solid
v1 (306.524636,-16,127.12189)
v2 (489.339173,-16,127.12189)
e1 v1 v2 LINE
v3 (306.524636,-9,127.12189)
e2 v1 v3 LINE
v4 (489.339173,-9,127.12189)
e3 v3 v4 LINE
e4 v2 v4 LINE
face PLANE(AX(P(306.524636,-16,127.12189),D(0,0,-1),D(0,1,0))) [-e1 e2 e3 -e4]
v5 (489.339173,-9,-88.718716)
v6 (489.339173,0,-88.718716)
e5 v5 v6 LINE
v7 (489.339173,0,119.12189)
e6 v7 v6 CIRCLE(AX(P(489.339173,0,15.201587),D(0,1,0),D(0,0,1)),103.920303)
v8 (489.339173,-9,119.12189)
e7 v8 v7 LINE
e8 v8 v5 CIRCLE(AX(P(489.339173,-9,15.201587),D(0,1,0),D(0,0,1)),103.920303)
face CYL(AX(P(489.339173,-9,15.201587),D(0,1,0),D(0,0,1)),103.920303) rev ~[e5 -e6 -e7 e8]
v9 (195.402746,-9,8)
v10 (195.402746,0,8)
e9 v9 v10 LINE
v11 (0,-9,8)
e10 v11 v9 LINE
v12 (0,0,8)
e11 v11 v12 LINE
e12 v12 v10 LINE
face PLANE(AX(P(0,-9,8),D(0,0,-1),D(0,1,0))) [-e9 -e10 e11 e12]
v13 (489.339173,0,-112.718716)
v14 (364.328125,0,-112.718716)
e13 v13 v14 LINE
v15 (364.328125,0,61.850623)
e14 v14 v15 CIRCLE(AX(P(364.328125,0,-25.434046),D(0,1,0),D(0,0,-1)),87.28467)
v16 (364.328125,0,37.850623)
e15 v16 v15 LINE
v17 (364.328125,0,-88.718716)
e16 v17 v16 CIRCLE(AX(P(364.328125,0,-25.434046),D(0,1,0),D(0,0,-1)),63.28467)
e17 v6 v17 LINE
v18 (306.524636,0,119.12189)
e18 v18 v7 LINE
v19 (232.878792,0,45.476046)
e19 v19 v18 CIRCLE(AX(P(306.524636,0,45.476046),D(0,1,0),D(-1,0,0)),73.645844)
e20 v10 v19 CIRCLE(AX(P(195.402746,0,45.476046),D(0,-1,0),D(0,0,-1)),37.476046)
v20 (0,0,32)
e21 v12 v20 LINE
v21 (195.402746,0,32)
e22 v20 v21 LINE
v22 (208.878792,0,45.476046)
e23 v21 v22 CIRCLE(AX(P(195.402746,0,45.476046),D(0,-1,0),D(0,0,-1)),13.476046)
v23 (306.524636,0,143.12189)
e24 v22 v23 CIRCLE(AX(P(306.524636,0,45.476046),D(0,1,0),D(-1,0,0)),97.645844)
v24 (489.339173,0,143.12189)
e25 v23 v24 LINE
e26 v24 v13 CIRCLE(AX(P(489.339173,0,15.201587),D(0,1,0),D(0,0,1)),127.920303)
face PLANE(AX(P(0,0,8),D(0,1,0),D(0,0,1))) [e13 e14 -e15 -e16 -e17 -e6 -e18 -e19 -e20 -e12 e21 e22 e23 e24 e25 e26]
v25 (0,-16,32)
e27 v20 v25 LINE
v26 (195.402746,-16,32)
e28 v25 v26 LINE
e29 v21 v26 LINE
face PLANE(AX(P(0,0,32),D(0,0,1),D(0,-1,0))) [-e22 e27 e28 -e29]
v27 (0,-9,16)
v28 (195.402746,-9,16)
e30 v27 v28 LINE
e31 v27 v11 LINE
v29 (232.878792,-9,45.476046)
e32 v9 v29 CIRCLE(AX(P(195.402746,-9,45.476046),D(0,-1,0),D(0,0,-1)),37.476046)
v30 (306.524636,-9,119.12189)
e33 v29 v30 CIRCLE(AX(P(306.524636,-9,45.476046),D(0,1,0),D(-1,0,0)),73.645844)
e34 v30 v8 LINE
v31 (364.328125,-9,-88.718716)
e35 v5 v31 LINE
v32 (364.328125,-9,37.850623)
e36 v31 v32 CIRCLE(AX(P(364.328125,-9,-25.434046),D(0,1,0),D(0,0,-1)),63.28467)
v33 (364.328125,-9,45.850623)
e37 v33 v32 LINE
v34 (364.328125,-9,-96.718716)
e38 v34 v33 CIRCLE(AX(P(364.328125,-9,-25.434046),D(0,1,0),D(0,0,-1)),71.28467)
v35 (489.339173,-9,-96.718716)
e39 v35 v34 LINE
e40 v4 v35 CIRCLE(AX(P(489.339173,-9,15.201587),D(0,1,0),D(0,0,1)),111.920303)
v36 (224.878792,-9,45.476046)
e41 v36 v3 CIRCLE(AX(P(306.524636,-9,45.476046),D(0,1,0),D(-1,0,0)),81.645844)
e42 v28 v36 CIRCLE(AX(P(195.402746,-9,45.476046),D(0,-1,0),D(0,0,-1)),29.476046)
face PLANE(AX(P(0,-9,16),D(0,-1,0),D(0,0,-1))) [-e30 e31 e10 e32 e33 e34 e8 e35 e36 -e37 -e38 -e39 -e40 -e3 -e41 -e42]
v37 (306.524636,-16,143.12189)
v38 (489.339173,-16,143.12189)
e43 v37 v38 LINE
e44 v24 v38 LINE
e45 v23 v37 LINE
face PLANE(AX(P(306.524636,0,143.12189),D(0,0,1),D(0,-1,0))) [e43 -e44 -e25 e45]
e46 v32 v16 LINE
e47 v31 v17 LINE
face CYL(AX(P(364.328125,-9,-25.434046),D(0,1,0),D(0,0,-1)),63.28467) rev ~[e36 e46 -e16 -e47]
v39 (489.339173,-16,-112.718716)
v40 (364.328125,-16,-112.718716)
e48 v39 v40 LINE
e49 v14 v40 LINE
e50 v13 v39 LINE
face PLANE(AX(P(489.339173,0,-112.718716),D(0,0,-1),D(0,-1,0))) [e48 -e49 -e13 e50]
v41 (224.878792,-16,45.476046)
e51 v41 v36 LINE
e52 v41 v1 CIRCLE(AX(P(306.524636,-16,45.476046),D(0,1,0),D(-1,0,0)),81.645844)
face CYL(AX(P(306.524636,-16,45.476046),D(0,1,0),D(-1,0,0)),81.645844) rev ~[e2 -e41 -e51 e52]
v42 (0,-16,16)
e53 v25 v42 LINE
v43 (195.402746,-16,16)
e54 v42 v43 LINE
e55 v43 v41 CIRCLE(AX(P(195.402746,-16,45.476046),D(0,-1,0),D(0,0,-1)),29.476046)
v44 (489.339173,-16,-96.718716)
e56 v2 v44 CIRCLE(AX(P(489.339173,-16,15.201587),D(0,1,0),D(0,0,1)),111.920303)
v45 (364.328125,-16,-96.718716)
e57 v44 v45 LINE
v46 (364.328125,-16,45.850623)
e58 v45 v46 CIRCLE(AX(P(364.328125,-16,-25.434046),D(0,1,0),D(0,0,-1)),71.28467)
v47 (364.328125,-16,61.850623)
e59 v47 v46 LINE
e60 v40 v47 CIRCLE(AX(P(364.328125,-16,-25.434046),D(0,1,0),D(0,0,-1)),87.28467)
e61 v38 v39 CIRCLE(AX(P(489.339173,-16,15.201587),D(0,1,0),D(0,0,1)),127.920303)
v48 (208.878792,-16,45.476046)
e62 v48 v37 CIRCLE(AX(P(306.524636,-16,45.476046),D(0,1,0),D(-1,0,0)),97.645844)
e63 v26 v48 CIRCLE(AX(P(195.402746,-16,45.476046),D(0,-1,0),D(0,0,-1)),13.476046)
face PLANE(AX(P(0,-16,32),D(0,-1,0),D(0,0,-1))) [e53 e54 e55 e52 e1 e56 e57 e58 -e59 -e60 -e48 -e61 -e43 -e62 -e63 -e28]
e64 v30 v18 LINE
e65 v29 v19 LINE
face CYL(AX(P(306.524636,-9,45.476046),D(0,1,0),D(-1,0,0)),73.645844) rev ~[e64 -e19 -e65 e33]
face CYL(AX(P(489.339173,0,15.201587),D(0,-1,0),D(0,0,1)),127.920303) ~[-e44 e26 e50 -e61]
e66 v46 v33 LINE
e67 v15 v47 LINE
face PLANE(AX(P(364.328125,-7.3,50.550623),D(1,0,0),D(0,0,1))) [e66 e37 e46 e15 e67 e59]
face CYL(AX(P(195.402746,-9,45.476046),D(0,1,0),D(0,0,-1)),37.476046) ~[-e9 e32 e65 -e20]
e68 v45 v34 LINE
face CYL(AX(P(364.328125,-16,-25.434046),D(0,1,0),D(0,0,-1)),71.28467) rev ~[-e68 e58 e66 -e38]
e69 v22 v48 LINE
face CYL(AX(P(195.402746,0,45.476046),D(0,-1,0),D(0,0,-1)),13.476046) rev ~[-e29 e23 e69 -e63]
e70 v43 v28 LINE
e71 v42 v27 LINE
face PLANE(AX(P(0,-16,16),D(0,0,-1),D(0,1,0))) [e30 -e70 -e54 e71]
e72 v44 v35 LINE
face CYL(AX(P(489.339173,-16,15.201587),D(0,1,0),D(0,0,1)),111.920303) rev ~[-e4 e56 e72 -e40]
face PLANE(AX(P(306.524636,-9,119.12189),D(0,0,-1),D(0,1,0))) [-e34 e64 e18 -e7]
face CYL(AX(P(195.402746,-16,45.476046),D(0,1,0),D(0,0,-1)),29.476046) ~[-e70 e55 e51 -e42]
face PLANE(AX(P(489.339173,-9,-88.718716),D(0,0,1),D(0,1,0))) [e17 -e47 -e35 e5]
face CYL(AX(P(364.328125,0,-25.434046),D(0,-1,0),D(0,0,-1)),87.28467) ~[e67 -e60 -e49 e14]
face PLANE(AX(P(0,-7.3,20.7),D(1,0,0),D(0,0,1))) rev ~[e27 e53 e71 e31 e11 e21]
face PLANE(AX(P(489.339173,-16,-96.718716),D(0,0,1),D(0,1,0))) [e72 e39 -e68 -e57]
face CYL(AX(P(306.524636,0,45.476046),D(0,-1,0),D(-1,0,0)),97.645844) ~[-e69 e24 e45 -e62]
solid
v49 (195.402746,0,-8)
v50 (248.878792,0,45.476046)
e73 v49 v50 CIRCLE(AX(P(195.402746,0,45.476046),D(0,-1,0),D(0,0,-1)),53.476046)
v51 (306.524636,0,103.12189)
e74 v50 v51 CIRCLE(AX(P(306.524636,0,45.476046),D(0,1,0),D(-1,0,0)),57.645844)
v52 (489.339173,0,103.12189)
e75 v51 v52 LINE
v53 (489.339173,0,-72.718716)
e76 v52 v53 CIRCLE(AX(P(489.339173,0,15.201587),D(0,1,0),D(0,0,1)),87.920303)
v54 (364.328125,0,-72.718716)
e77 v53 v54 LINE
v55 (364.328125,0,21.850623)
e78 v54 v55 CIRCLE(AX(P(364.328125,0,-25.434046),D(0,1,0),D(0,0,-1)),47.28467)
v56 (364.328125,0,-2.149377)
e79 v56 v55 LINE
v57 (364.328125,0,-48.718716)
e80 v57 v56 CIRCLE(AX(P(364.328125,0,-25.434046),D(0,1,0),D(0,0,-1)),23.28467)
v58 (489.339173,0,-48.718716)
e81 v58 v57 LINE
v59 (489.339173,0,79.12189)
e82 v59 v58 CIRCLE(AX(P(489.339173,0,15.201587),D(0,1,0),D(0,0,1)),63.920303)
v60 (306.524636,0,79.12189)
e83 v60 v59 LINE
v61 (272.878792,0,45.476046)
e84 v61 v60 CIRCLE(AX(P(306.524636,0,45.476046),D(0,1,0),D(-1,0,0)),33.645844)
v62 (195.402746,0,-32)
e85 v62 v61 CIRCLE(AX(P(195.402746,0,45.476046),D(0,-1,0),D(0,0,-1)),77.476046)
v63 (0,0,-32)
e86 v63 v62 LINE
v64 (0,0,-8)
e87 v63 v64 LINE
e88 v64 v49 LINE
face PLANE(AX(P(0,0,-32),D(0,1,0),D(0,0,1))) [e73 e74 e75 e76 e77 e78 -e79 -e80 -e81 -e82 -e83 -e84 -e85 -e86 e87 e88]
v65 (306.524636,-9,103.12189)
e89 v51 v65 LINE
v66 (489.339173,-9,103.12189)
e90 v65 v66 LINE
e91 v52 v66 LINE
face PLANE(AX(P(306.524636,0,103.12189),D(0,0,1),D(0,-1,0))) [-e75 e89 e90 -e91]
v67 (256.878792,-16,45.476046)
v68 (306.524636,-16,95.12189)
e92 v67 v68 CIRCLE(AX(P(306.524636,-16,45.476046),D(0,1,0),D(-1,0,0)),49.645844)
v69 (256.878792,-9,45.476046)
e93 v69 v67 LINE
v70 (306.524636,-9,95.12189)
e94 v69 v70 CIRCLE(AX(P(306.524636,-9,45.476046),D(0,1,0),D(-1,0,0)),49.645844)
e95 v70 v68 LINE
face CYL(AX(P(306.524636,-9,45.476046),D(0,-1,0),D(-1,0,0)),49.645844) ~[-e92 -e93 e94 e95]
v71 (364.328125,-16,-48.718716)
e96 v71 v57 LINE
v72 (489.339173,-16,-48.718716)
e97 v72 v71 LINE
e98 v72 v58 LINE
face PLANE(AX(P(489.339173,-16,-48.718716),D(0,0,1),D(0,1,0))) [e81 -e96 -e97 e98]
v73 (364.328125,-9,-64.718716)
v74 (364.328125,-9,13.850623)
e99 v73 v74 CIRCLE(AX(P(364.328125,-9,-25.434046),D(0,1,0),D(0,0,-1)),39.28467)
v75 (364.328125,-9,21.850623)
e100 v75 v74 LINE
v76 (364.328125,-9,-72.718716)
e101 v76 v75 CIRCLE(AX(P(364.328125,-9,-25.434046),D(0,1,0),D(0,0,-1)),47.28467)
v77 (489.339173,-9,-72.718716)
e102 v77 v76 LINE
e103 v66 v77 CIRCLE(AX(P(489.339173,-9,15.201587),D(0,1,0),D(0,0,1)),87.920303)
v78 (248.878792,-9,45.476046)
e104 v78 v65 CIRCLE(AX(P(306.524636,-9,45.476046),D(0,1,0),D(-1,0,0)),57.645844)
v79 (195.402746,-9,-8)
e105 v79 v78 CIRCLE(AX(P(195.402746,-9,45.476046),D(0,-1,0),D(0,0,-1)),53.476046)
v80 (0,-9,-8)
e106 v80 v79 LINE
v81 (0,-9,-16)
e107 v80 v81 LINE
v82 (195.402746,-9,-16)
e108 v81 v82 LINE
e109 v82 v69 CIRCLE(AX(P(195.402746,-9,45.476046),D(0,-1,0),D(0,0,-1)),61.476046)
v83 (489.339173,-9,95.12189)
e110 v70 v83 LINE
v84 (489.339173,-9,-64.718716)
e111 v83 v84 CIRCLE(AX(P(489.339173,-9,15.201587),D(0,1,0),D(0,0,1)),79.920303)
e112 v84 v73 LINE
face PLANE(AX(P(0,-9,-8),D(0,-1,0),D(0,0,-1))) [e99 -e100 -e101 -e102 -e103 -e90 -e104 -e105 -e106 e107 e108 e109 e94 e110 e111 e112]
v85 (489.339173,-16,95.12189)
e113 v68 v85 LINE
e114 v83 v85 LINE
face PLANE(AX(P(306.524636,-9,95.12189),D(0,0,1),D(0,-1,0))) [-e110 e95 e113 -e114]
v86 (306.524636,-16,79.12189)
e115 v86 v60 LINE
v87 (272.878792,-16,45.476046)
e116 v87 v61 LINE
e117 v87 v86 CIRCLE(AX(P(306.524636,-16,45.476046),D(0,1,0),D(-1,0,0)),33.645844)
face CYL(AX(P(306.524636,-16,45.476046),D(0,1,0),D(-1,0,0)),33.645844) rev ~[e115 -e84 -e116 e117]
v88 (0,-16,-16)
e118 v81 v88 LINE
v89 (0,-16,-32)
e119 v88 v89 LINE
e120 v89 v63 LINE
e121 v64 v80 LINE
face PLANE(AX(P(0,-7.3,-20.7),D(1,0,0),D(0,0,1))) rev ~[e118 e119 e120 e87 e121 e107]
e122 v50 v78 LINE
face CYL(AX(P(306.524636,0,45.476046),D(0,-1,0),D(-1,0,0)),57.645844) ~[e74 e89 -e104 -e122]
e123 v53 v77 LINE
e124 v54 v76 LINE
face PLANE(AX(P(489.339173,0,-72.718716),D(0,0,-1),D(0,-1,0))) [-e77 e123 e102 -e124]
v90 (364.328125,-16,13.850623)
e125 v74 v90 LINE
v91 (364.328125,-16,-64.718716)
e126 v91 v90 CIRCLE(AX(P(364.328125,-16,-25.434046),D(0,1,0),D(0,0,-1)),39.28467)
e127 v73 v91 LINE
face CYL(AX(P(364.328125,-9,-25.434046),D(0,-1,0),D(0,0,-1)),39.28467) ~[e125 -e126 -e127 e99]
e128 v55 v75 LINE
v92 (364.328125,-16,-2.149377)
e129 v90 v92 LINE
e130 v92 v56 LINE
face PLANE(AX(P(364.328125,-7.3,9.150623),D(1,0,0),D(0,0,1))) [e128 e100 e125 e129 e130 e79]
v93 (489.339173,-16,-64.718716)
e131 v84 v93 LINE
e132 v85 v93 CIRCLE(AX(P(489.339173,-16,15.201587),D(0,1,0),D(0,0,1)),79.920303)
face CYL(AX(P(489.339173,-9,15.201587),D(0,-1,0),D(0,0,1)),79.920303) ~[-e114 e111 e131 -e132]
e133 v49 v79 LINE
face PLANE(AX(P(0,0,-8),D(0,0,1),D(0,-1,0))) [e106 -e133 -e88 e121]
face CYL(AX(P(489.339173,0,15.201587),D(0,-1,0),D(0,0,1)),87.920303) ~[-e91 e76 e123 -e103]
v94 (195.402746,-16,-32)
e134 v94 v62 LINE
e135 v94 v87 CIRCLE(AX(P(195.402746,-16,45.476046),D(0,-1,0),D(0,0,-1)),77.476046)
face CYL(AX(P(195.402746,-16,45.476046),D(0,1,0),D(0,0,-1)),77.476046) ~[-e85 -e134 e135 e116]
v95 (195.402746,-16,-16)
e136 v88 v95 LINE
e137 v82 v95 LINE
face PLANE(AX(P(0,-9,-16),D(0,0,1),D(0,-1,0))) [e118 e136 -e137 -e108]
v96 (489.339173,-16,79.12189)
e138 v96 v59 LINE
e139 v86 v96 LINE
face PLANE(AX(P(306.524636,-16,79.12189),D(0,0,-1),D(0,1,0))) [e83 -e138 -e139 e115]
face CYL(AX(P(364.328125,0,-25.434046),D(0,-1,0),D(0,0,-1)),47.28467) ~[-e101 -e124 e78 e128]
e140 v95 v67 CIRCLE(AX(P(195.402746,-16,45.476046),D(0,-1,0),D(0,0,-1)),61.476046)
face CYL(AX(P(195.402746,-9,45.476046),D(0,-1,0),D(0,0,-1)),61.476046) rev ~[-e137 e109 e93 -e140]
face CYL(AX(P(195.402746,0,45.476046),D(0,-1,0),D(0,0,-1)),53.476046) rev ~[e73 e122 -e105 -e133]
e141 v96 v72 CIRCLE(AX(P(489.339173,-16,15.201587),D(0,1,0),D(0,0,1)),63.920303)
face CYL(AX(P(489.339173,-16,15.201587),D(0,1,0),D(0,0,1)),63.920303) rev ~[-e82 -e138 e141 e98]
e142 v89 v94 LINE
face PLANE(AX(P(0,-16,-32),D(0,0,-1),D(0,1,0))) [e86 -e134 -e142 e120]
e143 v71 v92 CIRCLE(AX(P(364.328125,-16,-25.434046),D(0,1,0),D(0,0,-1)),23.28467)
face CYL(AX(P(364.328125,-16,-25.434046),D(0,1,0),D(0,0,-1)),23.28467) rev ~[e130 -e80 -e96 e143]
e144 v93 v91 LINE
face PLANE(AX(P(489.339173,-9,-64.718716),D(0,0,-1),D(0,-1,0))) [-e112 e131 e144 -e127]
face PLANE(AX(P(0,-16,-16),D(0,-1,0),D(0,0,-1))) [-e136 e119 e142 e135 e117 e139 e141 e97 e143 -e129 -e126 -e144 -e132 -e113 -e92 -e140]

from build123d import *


with BuildPart() as part:
    # Sweep1: sweep along a path in Sketch3
    with BuildLine(Plane(origin=(0, 0, 0), x_dir=(1, 0, 0), z_dir=(0, 1, 0))) as sweep1_path:
        Line((0, 0), (195.402745666, 0))
        ThreePointArc((195.402745666, 0), (227.559166384, -13.319625579), (240.878791962, -45.476046296))
        ThreePointArc((240.878791962, -45.476046296), (260.106014504, -91.894667724), (306.524635932, -111.121890266))
        Line((306.524635932, -111.121890266), (489.339173348, -111.121890266))
        ThreePointArc((489.339173348, -111.121890266), (585.259476302, -15.201587312), (489.339173348, 80.718715642))
        Line((489.339173348, 80.718715642), (364.328124734, 80.718715642))
        ThreePointArc((364.328124734, 80.718715642), (309.043455221, 25.434046129), (364.328124734, -29.850623385))
    # Sketch1 → Sweep1 (sweep)
    with BuildSketch(Plane(origin=(0, 0, 0), x_dir=(0, 0, -1), z_dir=(1, 0, 0))):
        Polygon((16, -16), (32, -16), (32, 0), (8, 0), (8, -9), (16, -9), align=None)
        Polygon((-32, -16), (-16, -16), (-16, -9), (-8, -9), (-8, 0), (-32, 0), align=None)
    sweep(path=sweep1_path.line)


solid = part.part
